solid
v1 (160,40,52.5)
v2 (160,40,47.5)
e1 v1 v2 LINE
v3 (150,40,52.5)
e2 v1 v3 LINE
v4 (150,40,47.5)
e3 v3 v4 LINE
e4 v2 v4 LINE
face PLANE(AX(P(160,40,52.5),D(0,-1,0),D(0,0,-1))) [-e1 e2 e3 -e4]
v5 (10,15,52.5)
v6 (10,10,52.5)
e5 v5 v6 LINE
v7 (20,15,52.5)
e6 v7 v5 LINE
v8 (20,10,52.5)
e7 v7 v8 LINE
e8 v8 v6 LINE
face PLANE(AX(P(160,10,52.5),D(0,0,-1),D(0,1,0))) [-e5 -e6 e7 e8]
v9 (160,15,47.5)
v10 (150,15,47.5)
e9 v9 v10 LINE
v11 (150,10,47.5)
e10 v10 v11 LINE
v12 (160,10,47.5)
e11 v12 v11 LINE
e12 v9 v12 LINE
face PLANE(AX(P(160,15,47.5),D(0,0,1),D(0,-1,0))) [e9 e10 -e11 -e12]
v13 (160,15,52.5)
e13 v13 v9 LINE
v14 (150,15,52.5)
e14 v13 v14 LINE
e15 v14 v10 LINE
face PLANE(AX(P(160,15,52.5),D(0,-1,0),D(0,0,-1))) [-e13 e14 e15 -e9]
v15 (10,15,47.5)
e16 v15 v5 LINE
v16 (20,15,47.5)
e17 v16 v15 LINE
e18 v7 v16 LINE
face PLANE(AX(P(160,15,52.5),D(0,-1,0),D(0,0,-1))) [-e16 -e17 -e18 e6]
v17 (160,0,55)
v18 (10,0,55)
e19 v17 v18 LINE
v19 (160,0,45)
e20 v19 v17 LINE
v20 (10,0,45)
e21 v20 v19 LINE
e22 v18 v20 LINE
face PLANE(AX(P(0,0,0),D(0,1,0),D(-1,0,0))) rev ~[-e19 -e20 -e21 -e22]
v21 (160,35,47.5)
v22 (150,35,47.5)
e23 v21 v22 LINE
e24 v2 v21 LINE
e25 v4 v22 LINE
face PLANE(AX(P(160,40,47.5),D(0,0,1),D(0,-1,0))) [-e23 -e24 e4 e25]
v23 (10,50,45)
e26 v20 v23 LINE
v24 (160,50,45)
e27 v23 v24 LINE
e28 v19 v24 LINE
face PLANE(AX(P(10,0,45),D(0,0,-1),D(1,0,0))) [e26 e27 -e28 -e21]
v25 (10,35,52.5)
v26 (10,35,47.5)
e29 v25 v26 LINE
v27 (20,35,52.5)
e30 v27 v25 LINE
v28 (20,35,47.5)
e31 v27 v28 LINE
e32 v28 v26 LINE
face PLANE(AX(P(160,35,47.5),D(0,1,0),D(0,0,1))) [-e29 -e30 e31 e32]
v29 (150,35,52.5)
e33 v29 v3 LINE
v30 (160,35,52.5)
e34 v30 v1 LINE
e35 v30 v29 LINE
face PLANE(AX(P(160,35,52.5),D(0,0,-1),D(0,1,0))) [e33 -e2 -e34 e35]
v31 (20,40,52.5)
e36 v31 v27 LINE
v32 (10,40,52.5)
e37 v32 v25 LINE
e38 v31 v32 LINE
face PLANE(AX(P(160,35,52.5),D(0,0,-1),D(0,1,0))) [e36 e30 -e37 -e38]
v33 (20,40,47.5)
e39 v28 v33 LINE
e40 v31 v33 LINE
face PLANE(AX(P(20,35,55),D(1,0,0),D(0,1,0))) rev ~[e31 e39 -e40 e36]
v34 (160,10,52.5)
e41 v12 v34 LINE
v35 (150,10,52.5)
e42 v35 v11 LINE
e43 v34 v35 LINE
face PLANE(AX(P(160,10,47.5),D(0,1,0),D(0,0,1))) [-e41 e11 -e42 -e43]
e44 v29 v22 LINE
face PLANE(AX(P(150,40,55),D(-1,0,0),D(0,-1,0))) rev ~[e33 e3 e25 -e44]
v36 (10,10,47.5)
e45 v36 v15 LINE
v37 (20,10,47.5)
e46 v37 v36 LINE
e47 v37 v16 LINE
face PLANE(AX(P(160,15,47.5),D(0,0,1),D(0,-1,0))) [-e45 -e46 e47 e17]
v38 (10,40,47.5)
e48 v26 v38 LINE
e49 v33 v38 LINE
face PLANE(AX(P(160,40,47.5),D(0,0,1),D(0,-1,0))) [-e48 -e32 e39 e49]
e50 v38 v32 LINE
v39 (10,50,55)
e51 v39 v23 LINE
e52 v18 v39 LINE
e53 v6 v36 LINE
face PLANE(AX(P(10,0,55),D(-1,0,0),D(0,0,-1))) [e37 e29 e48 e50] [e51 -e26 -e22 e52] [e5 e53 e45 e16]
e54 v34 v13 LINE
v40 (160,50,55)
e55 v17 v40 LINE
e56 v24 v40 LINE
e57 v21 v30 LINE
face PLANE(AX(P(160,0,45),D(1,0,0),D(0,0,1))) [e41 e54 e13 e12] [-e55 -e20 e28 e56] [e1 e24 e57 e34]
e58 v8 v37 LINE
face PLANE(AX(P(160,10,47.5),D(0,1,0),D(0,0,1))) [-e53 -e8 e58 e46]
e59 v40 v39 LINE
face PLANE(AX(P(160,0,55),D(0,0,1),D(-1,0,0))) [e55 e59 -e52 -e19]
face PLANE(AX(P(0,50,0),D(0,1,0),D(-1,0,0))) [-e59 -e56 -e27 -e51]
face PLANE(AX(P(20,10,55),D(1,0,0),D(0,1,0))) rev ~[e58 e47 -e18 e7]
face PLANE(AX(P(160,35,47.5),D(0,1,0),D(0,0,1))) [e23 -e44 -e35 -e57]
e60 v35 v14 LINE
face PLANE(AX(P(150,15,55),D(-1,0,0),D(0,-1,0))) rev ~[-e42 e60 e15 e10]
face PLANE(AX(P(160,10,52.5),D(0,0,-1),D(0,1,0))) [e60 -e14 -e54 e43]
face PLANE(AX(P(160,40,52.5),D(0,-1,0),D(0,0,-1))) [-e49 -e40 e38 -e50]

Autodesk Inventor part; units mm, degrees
ref_plane "YZ Plane" through (0, 0, 0) normal (1, 0, 0) x (0, 1, 0)
ref_plane "XZ Plane" through (0, 0, 0) normal (0, 1, 0) x (-1, 0, 0)
ref_plane "XY Plane" through (0, 0, 0) normal (0, 0, 1) x (1, 0, 0)
sketch "Sketch1" plane through (0, 0, 0) normal (0, 1, 0) x (-1, 0, 0)
  line L0 (-10, -55) -> (-160, -55)
  line L1 (-160, -55) -> (-160, -45)
  line L2 (-160, -45) -> (-10, -45)
  line L3 (-10, -45) -> (-10, -55)
  line L4 (10, -55) -> (80, -55)
  line L5 (80, -55) -> (80, -90)
  line L6 (80, -90) -> (110, -90)
  line L7 (110, -90) -> (110, -10)
  line L8 (110, -10) -> (80, -10)
  line L9 (80, -10) -> (80, -45)
  line L10 (80, -45) -> (10, -45)
  line L11 (10, -45) -> (10, -55)
  line L12 (0, -122.2654) -> (0, -189.4683)
  line L13 (-10, 55) -> (-10, 45)
  line L14 (10, 55) -> (10, 45)
  line L15 (80, 10) -> (110, 10)
  line L16 (10, 45) -> (80, 45)
  line L17 (80, 45) -> (80, 10)
  line L18 (80, 55) -> (10, 55)
  line L19 (80, 90) -> (80, 55)
  line L20 (110, 10) -> (110, 90)
  line L21 (110, 90) -> (80, 90)
  line L22 (-160, 55) -> (-10, 55)
  line L23 (-160, 45) -> (-160, 55)
  line L24 (-10, 45) -> (-160, 45)
  point P0 (0, 0)
  dimension "d0" = 10
  dimension "d1" = 80
  dimension "d2" = 10
  dimension "d4" = 30
  dimension "d5" = 30
  dimension "d6" = 35
  dimension "d7" = 35
  dimension "d8" = 45
  dimension "d9" = 10
  dimension "d10" = 10
  dimension "d11" = 150
  dimension "d12" = 100
  dimension "d13" = 0
  dimension "d16" = 100
extrude "Extrusion1" add sketch "Sketch1" along normal blind 50
sketch "Sketch2" plane through (160, 0, 55) normal (1, 0, 0) x (0, 0, -1)
  line L0 (2.5, 40) -> (7.5, 40)
  line L1 (7.5, 40) -> (7.5, 35)
  line L2 (7.5, 35) -> (2.5, 35)
  line L3 (2.5, 35) -> (2.5, 40)
  line L4 (0, 50) -> (10, 50) projected
  line L5 (10, 0) -> (10, 50) projected
  line L6 (2.5, 15) -> (7.5, 15)
  line L7 (7.5, 15) -> (7.5, 10)
  line L8 (7.5, 10) -> (2.5, 10)
  line L9 (2.5, 10) -> (2.5, 15)
  line L10 (102.5, 40) -> (107.5, 40)
  line L11 (107.5, 40) -> (107.5, 35)
  line L12 (107.5, 35) -> (102.5, 35)
  line L13 (102.5, 35) -> (102.5, 40)
  line L14 (102.5, 15) -> (107.5, 15)
  line L15 (107.5, 15) -> (107.5, 10)
  line L16 (107.5, 10) -> (102.5, 10)
  line L17 (102.5, 10) -> (102.5, 15)
  point P0 (55, 0)
  dimension "d23" = 10
  dimension "d24" = 5
  dimension "d25" = 2.5
  dimension "d26" = 5
  dimension "d29" = 25
  dimension "d32" = 100
extrude "Extrusion2" cut sketch "Sketch2" against normal blind 200
sketch "Sketch3" plane through (0, 50, 0) normal (0, 1, 0) x (1, 0, 0)
  line L0 (-105, -20) -> (-85, -20)
  line L1 (-85, -20) -> (-85, -30)
  line L2 (-85, -30) -> (-105, -30)
  line L3 (-105, -30) -> (-105, -20)
  line L4 (-110, -10) -> (-110, -90) projected
  line L5 (-105, -70) -> (-85, -70)
  line L6 (-85, -70) -> (-85, -80)
  line L7 (-85, -80) -> (-105, -80)
  line L8 (-105, -80) -> (-105, -70)
  line L9 (-105, 80) -> (-85, 80)
  line L10 (-85, 80) -> (-85, 70)
  line L11 (-85, 70) -> (-105, 70)
  line L12 (-105, 70) -> (-105, 80)
  line L13 (-105, 30) -> (-85, 30)
  line L14 (-85, 30) -> (-85, 20)
  line L15 (-85, 20) -> (-105, 20)
  line L16 (-105, 20) -> (-105, 30)
  point P0 (0, 0)
  dimension "d37" = 20
  dimension "d38" = 10
  dimension "d39" = 20
  dimension "d40" = 85
  dimension "d43" = 50
  dimension "d46" = 100
extrude "Extrusion3" add sketch "Sketch3" along normal blind 8
sketch "Sketch4" plane through (0, 0, 0) normal (0, -1, 0) x (1, 0, 0)
  line L0 (-105, -70) -> (-85, -70) projected
  line L1 (-85, -70) -> (-85, -80) projected
  line L2 (-85, -80) -> (-105, -80) projected
  line L3 (-105, -80) -> (-105, -70) projected
  line L4 (-105, -20) -> (-85, -20) projected
  line L5 (-85, -20) -> (-85, -30) projected
  line L6 (-85, -30) -> (-105, -30) projected
  line L7 (-105, -30) -> (-105, -20) projected
  line L8 (-105, 30) -> (-85, 30) projected
  line L9 (-85, 30) -> (-85, 20) projected
  line L10 (-85, 20) -> (-105, 20) projected
  line L11 (-105, 20) -> (-105, 30) projected
  line L12 (-105, 80) -> (-85, 80) projected
  line L13 (-85, 80) -> (-85, 70) projected
  line L14 (-85, 70) -> (-105, 70) projected
  line L15 (-105, 70) -> (-105, 80) projected
  line L16 (-85, 80) -> (-105, 80)
  line L17 (-105, 80) -> (-105, 70)
  line L18 (-105, 70) -> (-85, 70)
  line L19 (-85, 70) -> (-85, 80)
  line L20 (-85, 30) -> (-105, 30)
  line L21 (-105, 30) -> (-105, 20)
  line L22 (-105, 20) -> (-85, 20)
  line L23 (-85, 20) -> (-85, 30)
  line L24 (-85, -20) -> (-105, -20)
  line L25 (-105, -20) -> (-105, -30)
  line L26 (-105, -30) -> (-85, -30)
  line L27 (-85, -30) -> (-85, -20)
  line L28 (-85, -70) -> (-105, -70)
  line L29 (-105, -70) -> (-105, -80)
  line L30 (-105, -80) -> (-85, -80)
  line L31 (-85, -80) -> (-85, -70)
  point P0 (0, 0)
extrude "Extrusion4" cut sketch "Sketch4" against normal blind 10
sketch "Sketch5" plane through (10, 0, 55) normal (0, 0, 1) x (1, 0, 0)
  line L0 (0, 0) -> (0, 50) projected
  line L1 (0, 50) -> (150, 50) projected
  line L2 (150, 0) -> (150, 50) projected
  line L3 (0, 0) -> (150, 0) projected
  line L4 (0, 35) -> (0, 40) projected
  line L5 (150, 35) -> (0, 35) projected
  line L6 (150, 40) -> (150, 35) projected
  line L7 (150, 40) -> (0, 40) projected
  line L8 (0, 10) -> (0, 15) projected
  line L9 (150, 10) -> (0, 10) projected
  line L10 (150, 15) -> (150, 10) projected
  line L11 (150, 15) -> (0, 15) projected
  line L12 (10, 40) -> (140, 40)
  line L13 (140, 40) -> (140, 35)
  line L14 (140, 35) -> (10, 35)
  line L15 (10, 35) -> (10, 40)
  line L16 (10, 15) -> (140, 15)
  line L17 (140, 15) -> (140, 10)
  line L18 (140, 10) -> (10, 10)
  line L19 (10, 10) -> (10, 15)
  point P0 (-10, 0)
  point P1 (10, 10)
  dimension "d53" = 10
  dimension "d54" = 10
  dimension "d55" = 10
  dimension "d56" = 10
extrude "Extrusion5" add sketch "Sketch5" against normal blind 10 contours L19 L11 L17 L9 | L15 L7 L13 L5
sketch "Sketch6" plane through (160, 0, -55) normal (0, 0, -1) x (-1, 0, 0)
  line L0 (150, 40) -> (150, 35) projected
  line L1 (0, 40) -> (150, 40) projected
  line L2 (0, 35) -> (0, 40) projected
  line L3 (0, 35) -> (150, 35) projected
  line L4 (150, 15) -> (150, 10) projected
  line L5 (0, 15) -> (150, 15) projected
  line L6 (0, 10) -> (0, 15) projected
  line L7 (0, 10) -> (150, 10) projected
  line L8 (10, 40) -> (140, 40)
  line L9 (140, 40) -> (140, 35)
  line L10 (140, 35) -> (10, 35)
  line L11 (10, 35) -> (10, 40)
  line L12 (10, 15) -> (140, 15)
  line L13 (140, 15) -> (140, 10)
  line L14 (140, 10) -> (10, 10)
  line L15 (10, 10) -> (10, 15)
  point P0 (160, 0)
  point P1 (140, 37.5)
  point P2 (10, 10)
  dimension "d59" = 10
  dimension "d60" = 10
  dimension "d61" = 10
  dimension "d62" = 10
extrude "Extrusion6" add sketch "Sketch6" against normal blind 10 contours L9 L3 L11 L1 | L13 L7 L15 L5
sketch "Sketch7" plane through (0, 58, 0) normal (0, 1, 0) x (1, 0, 0)
  line L0 (-105, -80) -> (-85, -80) projected
  line L1 (-85, -80) -> (-85, -70) projected
  line L2 (-85, -70) -> (-105, -70) projected
  line L3 (-105, -70) -> (-105, -80) projected
  line L4 (-105, -30) -> (-85, -30) projected
  line L5 (-85, -30) -> (-85, -20) projected
  line L6 (-85, -20) -> (-105, -20) projected
  line L7 (-105, -20) -> (-105, -30) projected
  line L8 (-105, 20) -> (-85, 20) projected
  line L9 (-85, 20) -> (-85, 30) projected
  line L10 (-85, 30) -> (-105, 30) projected
  line L11 (-105, 30) -> (-105, 20) projected
  line L12 (-105, 70) -> (-85, 70) projected
  line L13 (-85, 70) -> (-85, 80) projected
  line L14 (-85, 80) -> (-105, 80) projected
  line L15 (-105, 80) -> (-105, 70) projected
  line L16 (-104, -79) -> (-86, -79)
  line L17 (-86, -79) -> (-86, -71)
  line L18 (-86, -71) -> (-104, -71)
  line L19 (-104, -71) -> (-104, -79)
  line L20 (-86, -21) -> (-104, -21)
  line L21 (-104, -21) -> (-104, -29)
  line L22 (-104, -29) -> (-86, -29)
  line L23 (-86, -29) -> (-86, -21)
  line L24 (-86, 29) -> (-104, 29)
  line L25 (-104, 29) -> (-104, 21)
  line L26 (-104, 21) -> (-86, 21)
  line L27 (-86, 21) -> (-86, 29)
  line L28 (-86, 79) -> (-104, 79)
  line L29 (-104, 79) -> (-104, 71)
  line L30 (-104, 71) -> (-86, 71)
  line L31 (-86, 71) -> (-86, 79)
  line L32 (-105, -80) -> (-85, -80)
  line L33 (-85, -80) -> (-85, -70)
  line L34 (-85, -70) -> (-105, -70)
  line L35 (-105, -70) -> (-105, -80)
  line L36 (-105, -30) -> (-85, -30)
  line L37 (-85, -30) -> (-85, -20)
  line L38 (-85, -20) -> (-105, -20)
  line L39 (-105, -20) -> (-105, -30)
  line L40 (-105, 20) -> (-85, 20)
  line L41 (-85, 20) -> (-85, 30)
  line L42 (-85, 30) -> (-105, 30)
  line L43 (-105, 30) -> (-105, 20)
  line L44 (-105, 70) -> (-85, 70)
  line L45 (-85, 70) -> (-85, 80)
  line L46 (-85, 80) -> (-105, 80)
  line L47 (-105, 80) -> (-105, 70)
  point P0 (0, 0)
  dimension "d65" = 1
  dimension "d66" = 1
  dimension "d67" = 1
  dimension "d68" = 1
  dimension "d71" = 50
  dimension "d74" = 100
extrude "Extrusion7" cut sketch "Sketch7" against normal blind 8
sketch "Sketch8" plane through (-80, 0, 55) normal (0, 0, 1) x (1, 0, 0)
  line L0 (70, 40) -> (70, 35) projected
  line L1 (70, 40) -> (40, 40) projected
  line L2 (40, 40) -> (40, 35) projected
  line L3 (70, 35) -> (40, 35) projected
  line L4 (70, 15) -> (70, 10) projected
  line L5 (70, 15) -> (40, 15) projected
  line L6 (40, 15) -> (40, 10) projected
  line L7 (70, 10) -> (40, 10) projected
  line L8 (40, 40) -> (60, 40)
  line L9 (60, 40) -> (60, 35)
  line L10 (60, 35) -> (40, 35)
  line L11 (40, 35) -> (40, 40)
  line L12 (40, 15) -> (60, 15)
  line L13 (60, 15) -> (60, 10)
  line L14 (60, 10) -> (40, 10)
  line L15 (40, 10) -> (40, 15)
  point P0 (80, 0)
  point P1 (60, 15)
  point P2 (60, 40)
  dimension "d79" = 10
  dimension "d80" = 10
extrude "Extrusion8" add sketch "Sketch8" against normal blind 10 contours L9 L3 L2 L1 | L13 L7 L6 L5
sketch "Sketch9" plane through (-10, 0, -55) normal (0, 0, -1) x (-1, 0, 0)
  line L0 (0, 35) -> (0, 40) projected
  line L1 (0, 35) -> (30, 35) projected
  line L2 (30, 35) -> (30, 40) projected
  line L3 (0, 40) -> (30, 40) projected
  line L4 (0, 10) -> (0, 15) projected
  line L5 (0, 10) -> (30, 10) projected
  line L6 (30, 10) -> (30, 15) projected
  line L7 (0, 15) -> (30, 15) projected
  line L8 (30, 40) -> (10, 40)
  line L9 (10, 40) -> (10, 10)
  line L10 (10, 10) -> (30, 10)
  line L11 (30, 10) -> (30, 40)
  point P0 (-10, 0)
  point P1 (0, 37.5)
  dimension "d83" = 10
extrude "Extrusion9" add sketch "Sketch9" against normal blind 10 contours L9 L3 L2 L1 | L1 L11 L7 L9 | L7 L6 L5 L9
sketch "Sketch10" plane through (0, 58, 0) normal (0, 1, 0) x (1, 0, 0)
  line L0 (0, 0) -> (0, -100)
  line L1 (0, -100) -> (-120, -100)
  line L2 (-120, -100) -> (-120, 100)
  line L3 (-120, 100) -> (180, 100)
  line L4 (180, 100) -> (180, 0)
  line L5 (180, 0) -> (0, 0)
  dimension "d86" = 200
  dimension "d87" = 120
  dimension "d88" = 300
  dimension "d89" = 100
extrude "Extrusion10" cut sketch "Sketch10" against normal through all
properties part number "Hurdle Split"
